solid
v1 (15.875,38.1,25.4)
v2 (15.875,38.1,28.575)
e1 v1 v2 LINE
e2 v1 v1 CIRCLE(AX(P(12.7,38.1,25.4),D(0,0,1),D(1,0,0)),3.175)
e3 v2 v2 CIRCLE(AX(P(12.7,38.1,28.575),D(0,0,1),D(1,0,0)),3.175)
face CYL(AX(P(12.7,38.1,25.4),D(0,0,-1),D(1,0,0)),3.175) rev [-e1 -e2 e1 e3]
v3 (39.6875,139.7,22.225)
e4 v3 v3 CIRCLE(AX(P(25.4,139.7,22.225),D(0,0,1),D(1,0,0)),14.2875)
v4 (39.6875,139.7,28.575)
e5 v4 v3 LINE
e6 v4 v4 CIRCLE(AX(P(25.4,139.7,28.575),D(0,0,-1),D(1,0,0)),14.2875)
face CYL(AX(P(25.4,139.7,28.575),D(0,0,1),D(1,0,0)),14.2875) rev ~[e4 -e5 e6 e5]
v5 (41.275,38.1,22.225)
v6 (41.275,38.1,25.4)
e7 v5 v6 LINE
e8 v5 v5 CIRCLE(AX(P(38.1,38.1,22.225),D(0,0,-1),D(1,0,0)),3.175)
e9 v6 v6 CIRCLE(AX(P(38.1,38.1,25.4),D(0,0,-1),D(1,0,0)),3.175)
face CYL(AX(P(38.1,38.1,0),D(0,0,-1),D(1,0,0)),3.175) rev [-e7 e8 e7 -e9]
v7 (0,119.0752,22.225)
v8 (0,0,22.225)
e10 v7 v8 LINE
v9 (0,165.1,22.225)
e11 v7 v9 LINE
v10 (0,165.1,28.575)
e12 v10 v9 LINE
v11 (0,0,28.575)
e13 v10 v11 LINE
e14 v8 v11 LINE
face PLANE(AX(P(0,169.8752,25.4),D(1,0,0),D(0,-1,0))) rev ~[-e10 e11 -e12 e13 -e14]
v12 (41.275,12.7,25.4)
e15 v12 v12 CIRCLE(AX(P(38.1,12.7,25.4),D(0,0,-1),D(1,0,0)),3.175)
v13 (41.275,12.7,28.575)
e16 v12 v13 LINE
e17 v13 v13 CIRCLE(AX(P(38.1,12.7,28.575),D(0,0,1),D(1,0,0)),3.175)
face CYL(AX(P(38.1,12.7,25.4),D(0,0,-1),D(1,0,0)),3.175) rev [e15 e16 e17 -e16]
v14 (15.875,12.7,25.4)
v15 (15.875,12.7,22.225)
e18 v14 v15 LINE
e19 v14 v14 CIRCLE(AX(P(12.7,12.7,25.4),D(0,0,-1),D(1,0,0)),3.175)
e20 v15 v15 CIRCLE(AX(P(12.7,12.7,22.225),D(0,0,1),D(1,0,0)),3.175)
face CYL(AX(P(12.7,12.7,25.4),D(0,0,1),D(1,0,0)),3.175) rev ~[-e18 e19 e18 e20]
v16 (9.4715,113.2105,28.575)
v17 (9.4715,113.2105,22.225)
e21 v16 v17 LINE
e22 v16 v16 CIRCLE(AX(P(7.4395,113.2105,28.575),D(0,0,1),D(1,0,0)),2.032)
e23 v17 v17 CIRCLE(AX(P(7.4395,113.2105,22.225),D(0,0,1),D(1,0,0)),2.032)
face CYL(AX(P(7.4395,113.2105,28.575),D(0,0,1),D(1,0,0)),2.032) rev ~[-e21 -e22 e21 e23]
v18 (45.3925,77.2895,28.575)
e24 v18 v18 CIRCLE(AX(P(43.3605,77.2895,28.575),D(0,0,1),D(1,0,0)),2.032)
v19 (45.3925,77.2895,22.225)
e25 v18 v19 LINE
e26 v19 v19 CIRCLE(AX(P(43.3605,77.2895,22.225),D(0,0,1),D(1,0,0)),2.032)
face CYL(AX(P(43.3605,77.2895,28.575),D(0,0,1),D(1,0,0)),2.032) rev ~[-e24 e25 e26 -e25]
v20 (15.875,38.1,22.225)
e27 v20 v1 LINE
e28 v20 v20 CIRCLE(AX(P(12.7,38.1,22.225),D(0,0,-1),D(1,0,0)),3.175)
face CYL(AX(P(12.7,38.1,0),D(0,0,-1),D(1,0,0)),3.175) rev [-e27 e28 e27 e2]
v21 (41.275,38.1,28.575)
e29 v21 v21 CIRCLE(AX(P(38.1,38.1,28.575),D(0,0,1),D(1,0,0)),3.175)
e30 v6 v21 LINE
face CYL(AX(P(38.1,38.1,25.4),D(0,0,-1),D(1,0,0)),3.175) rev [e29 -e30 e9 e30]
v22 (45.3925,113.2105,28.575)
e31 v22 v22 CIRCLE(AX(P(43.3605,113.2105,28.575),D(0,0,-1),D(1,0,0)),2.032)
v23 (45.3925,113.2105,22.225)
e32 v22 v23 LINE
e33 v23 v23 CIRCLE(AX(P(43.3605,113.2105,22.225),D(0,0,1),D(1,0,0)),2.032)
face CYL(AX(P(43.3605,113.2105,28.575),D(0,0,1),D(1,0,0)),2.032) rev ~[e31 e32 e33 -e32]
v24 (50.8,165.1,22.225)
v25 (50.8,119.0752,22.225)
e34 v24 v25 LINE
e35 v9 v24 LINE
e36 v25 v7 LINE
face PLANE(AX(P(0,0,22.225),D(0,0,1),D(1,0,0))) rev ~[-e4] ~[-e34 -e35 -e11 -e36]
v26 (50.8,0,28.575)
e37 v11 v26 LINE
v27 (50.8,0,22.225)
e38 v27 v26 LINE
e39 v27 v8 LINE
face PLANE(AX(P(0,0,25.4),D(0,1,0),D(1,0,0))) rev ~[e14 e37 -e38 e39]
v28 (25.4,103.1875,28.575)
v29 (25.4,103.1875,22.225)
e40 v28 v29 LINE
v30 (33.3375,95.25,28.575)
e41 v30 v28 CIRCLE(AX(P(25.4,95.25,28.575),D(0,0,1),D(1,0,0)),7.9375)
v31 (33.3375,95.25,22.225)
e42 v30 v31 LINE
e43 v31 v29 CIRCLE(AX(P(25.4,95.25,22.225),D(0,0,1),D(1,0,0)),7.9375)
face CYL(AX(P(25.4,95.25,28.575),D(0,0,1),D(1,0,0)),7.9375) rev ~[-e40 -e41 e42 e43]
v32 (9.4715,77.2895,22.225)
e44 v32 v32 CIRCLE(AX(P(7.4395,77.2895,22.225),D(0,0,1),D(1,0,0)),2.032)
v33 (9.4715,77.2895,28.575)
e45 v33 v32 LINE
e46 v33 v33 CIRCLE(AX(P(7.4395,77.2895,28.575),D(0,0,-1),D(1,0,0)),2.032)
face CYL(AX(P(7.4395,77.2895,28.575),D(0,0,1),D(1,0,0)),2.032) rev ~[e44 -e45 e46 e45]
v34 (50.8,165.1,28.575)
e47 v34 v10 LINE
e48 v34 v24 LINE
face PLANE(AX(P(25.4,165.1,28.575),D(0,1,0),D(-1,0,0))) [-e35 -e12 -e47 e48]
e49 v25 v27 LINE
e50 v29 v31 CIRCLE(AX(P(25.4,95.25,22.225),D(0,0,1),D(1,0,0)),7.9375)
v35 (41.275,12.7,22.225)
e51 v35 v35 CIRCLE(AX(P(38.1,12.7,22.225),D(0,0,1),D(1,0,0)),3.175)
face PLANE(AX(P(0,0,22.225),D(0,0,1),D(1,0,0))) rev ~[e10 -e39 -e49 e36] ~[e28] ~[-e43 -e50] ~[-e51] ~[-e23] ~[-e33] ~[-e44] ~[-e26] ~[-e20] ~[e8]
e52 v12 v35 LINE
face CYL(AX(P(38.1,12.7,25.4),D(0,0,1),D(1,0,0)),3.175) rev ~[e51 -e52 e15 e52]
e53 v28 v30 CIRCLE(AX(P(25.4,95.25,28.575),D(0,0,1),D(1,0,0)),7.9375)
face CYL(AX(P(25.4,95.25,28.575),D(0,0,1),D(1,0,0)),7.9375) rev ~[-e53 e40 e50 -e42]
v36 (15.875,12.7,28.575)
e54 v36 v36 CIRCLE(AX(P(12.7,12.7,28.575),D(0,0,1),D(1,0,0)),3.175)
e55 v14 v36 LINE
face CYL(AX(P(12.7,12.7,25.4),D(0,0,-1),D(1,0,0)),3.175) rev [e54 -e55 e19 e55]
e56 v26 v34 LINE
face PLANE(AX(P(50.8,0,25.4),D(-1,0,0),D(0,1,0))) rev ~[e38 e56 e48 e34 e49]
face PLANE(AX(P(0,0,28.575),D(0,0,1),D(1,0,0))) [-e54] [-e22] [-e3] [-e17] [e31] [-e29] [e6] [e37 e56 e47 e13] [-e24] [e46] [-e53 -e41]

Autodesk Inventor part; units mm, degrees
ref_plane "YZ Plane" through (0, 0, 0) normal (1, 0, 0) x (0, 1, 0)
ref_plane "XZ Plane" through (0, 0, 0) normal (0, 1, 0) x (-1, 0, 0)
ref_plane "XY Plane" through (0, 0, 0) normal (0, 0, 1) x (1, 0, 0)
sketch "Sketch1" plane through (0, 0, 0) normal (0, 0, 1) x (1, 0, 0)
  line L0 (0, 0) -> (50.8, 0)
  line L1 (50.8, 0) -> (50.8, 169.8752)
  line L2 (50.8, 169.8752) -> (0, 169.8752)
  line L3 (0, 169.8752) -> (0, 0)
  line L4 (25.4, 169.8752) -> (25.4, 144.4752)
  line L5 (25.4, 169.8752) -> (50.8, 169.8752) construction
  circle A0 centre (25.4, 144.4752) radius 14.2875
  line L6 (25.4, 144.4752) -> (43.3605, 162.4357)
  line L7 (25.4, 144.4752) -> (50.8, 144.4752) construction
  line L8 (7.4395, 126.5147) -> (43.3605, 126.5147)
  line L9 (43.3605, 162.4357) -> (7.4395, 162.4357)
  line L10 (7.4395, 162.4357) -> (7.4395, 126.5147)
  circle A1 centre (7.4395, 162.4357) radius 2.032
  circle A2 centre (7.4395, 126.5147) radius 2.032
  circle A3 centre (43.3605, 162.4357) radius 2.032
  circle A4 centre (43.3605, 126.5147) radius 2.032
  line L11 (0, 0) -> (50.8, 0)
  line L12 (50.8, 0) -> (50.8, 38.1)
  line L13 (0, 38.1) -> (0, 0)
  line L14 (25.4, 38.1) -> (12.7, 38.1)
  line L15 (25.4, 38.1) -> (38.1, 38.1) construction
  line L16 (12.7, 38.1) -> (38.1, 38.1)
  circle A5 centre (12.7, 38.1) radius 3.175
  circle A6 centre (38.1, 38.1) radius 3.175
  dimension "d0" = 50.8
  dimension "d1" = 169.8752
  dimension "d2" = 25.4
  dimension "d3" = 90
  dimension "d4" = 28.575
  dimension "d5" = 25.4
  dimension "d6" = 45
  dimension "d7" = 50.8
  dimension "d9" = 4.064
  dimension "d10" = 4.064
  dimension "d11" = 4.064
  dimension "d12" = 4.064
  dimension "d13" = 50.8
  dimension "d14" = 38.1
  dimension "d15" = 12.7
  dimension "d16" = 180
  dimension "d17" = 25.4
  dimension "d18" = 0
  dimension "d19" = 6.35
  dimension "d20" = 6.35
extrude "Extrusion1" add sketch "Sketch1" along normal blind 25.4 contours L9 A3 L6 A0 L4 | L3 L2 L1 L0
sketch "Sketch2" plane through (0, 169.8752, 0) normal (0, 1, 0) x (1, 0, 0)
  line L0 (0, 0) -> (3.175, 0)
  line L1 (3.175, 0) -> (3.175, -3.175)
  line L2 (3.175, -3.175) -> (0, -3.175)
  line L3 (0, -3.175) -> (0, 0)
  line L4 (3.175, -3.175) -> (47.625, -3.175)
  line L5 (47.625, -3.175) -> (47.625, -22.225)
  line L6 (47.625, -22.225) -> (3.175, -22.225)
  line L7 (3.175, -22.225) -> (3.175, -3.175)
  dimension "d23" = 3.175
  dimension "d24" = 3.175
  dimension "d25" = 44.45
  dimension "d26" = 19.05
extrude "Extrusion2" cut sketch "Sketch2" against normal blind 254 contours L4 L5 L6 L7
sketch "Sketch3" plane through (0, 0, 25.4) normal (0, 0, 1) x (1, 0, 0)
  circle A0 centre (12.7, 38.1) radius 3.175 projected
  line L0 (12.7, 38.1) -> (38.1, 38.1)
  line L1 (38.1, 38.1) -> (38.1, 12.7)
  line L2 (38.1, 12.7) -> (12.7, 12.7)
  line L3 (12.7, 12.7) -> (12.7, 38.1)
  circle A1 centre (12.7, 12.7) radius 3.175
  circle A2 centre (38.1, 12.7) radius 3.175
  dimension "d29" = 25.4
  dimension "d30" = 25.4
  dimension "d31" = 6.35
  dimension "d32" = 6.35
extrude "Extrusion3" cut sketch "Sketch3" against normal blind 25.4 contours A1 L2 L3 | L3 L2 A1 | A2 L2 L1 | L1 L2 A2
sketch "Sketch4" plane through (0, 169.8752, 0) normal (0, 1, 0) x (1, 0, 0)
  line L0 (47.625, -22.225) -> (3.175, -22.225) projected
  line L1 (3.175, -22.225) -> (3.175, -3.175) projected
  line L2 (3.175, -3.175) -> (47.625, -3.175) projected
  line L3 (47.625, -3.175) -> (47.625, -22.225) projected
  line L4 (50.8, 0) -> (50.8, -25.4) projected
  line L5 (0, 0) -> (50.8, 0)
  line L6 (50.8, 0) -> (50.8, -22.225)
  line L7 (50.8, -22.225) -> (0, -22.225)
  line L8 (0, -22.225) -> (0, 0)
extrude "Extrusion4" cut sketch "Sketch4" against normal blind 254 contours L3 L2 L1 L7 L8 L5 L4
sketch "Sketch5" plane through (0, 0, 25.4) normal (0, 0, 1) x (1, 0, 0)
  circle A0 centre (38.1, 12.7) radius 3.175 projected
  circle A1 centre (12.7, 12.7) radius 3.175 projected
  circle A2 centre (25.4, 144.4752) radius 14.2875 projected
  circle A3 centre (38.1, 38.1) radius 3.175 projected
  circle A4 centre (12.7, 38.1) radius 3.175 projected
  circle A5 centre (43.3605, 126.5147) radius 2.032 projected
  circle A6 centre (43.3605, 162.4357) radius 2.032 projected
  circle A7 centre (7.4395, 126.5147) radius 2.032 projected
  circle A8 centre (7.4395, 162.4357) radius 2.032 projected
  line L0 (0, 0) -> (50.8, 0) projected
  line L1 (50.8, 0) -> (50.8, 169.8752) projected
  line L2 (50.8, 169.8752) -> (0, 169.8752) projected
  line L3 (0, 169.8752) -> (0, 0) projected
extrude "Extrusion5" add sketch "Sketch5" along normal blind 3.175
sketch "Sketch6" plane through (0, 0, 28.575) normal (0, 0, 1) x (1, 0, 0)
  circle A0 centre (25.4, 144.4752) radius 14.2875 projected
  circle A1 centre (25.4, 144.4752) radius 9.525
  dimension "d39" = 19.05
extrude "Extrusion6" add sketch "Sketch6" against normal blind 6.35
sketch "Sketch7" plane through (0, 0, 28.575) normal (0, 0, 1) x (1, 0, 0)
  line L0 (50.8, 169.8752) -> (0, 169.8752) projected
  line L1 (0, 169.8752) -> (0, 0) projected
  line L2 (25.4, 169.8752) -> (25.4, 95.25)
  line L3 (25.4, 169.8752) -> (100.0252, 169.8752) construction
  circle A0 centre (25.4, 95.25) radius 7.9375
  dimension "d43" = 74.6252
  dimension "d44" = 90
  dimension "d45" = 15.875
extrude "Extrusion7" cut sketch "Sketch7" against normal blind 25.4
sketch "Sketch8" plane through (0, 0, 28.575) normal (0, 0, 1) x (1, 0, 0)
  circle A0 centre (25.4, 144.4752) radius 9.525 projected
  circle A1 centre (25.4, 144.4752) radius 14.2875
  dimension "d48" = 28.575
extrude "Extrusion8" cut sketch "Sketch8" against normal blind 25.4
sketch "Sketch9" plane through (0, 0, 28.575) normal (0, 0, 1) x (1, 0, 0)
  circle A0 centre (25.4, 95.25) radius 7.9375 projected
  circle A1 centre (7.4395, 162.4357) radius 2.032 projected
  circle A2 centre (7.4395, 126.5147) radius 2.032 projected
  circle A3 centre (43.3605, 162.4357) radius 2.032 projected
  circle A4 centre (43.3605, 126.5147) radius 2.032 projected
  line L0 (25.4, 95.25) -> (43.3605, 113.2105)
  line L1 (25.4, 95.25) -> (50.8, 95.25) construction
  line L2 (43.3605, 113.2105) -> (7.4395, 77.2895)
  circle A5 centre (7.4395, 113.2105) radius 2.032
  circle A6 centre (43.3605, 113.2105) radius 2.032
  circle A7 centre (43.3605, 77.2895) radius 2.032
  circle A8 centre (7.4395, 77.2895) radius 2.032
  dimension "d51" = 25.4
  dimension "d52" = 45
  dimension "d53" = 50.8
  dimension "d54" = 0
  dimension "d55" = 4.064
  dimension "d56" = 4.064
  dimension "d57" = 4.064
  dimension "d58" = 4.064
extrude "Extrusion9" cut sketch "Sketch9" against normal blind 6.35 contours A8 | A6 | A1 | A2 | A3 | A4 | A5 | A7
sketch "Sketch10" plane through (0, 0, 28.575) normal (0, 0, 1) x (1, 0, 0)
  circle A0 centre (7.4395, 162.4357) radius 2.032 projected
  circle A1 centre (7.4395, 126.5147) radius 2.032 projected
  circle A2 centre (43.3605, 162.4357) radius 2.032 projected
  circle A3 centre (43.3605, 126.5147) radius 2.032 projected
extrude "Extrusion10" add sketch "Sketch10" against normal blind 6.35
sketch "Sketch11" plane through (0, 0, 28.575) normal (0, 0, 1) x (1, 0, 0)
  circle A0 centre (25.4, 144.4752) radius 14.2875 projected
  line L0 (0, 169.8752) -> (50.8, 169.8752)
  line L1 (50.8, 169.8752) -> (50.8, 119.0752)
  line L2 (50.8, 119.0752) -> (0, 119.0752)
  line L3 (0, 119.0752) -> (0, 169.8752)
  dimension "d64" = 50.8
  dimension "d65" = 50.8
extrude "Extrusion11" cut sketch "Sketch11" against normal blind 25.4
sketch "Sketch12" plane through (0, 0, 28.575) normal (0, 0, 1) x (1, 0, 0)
  line L0 (50.8, 0) -> (50.8, 119.0752) projected
  circle A0 centre (25.4, 95.25) radius 7.9375 projected
  line L1 (25.4, 95.25) -> (25.4, 139.7)
  line L2 (25.4, 95.25) -> (69.85, 95.25) construction
  circle A1 centre (25.4, 139.7) radius 14.2875
  line L3 (25.4, 139.7) -> (25.4, 165.1)
  line L4 (25.4, 139.7) -> (50.8, 139.7) construction
  line L5 (25.4, 165.1) -> (0, 165.1)
  line L6 (0, 165.1) -> (50.8, 165.1)
  line L7 (50.8, 165.1) -> (50.8, 119.0752)
  line L8 (50.8, 119.0752) -> (0, 119.0752)
  line L9 (0, 119.0752) -> (0, 165.1)
  dimension "d68" = 44.45
  dimension "d69" = 90
  dimension "d70" = 28.575
  dimension "d71" = 25.4
  dimension "d72" = 90
  dimension "d73" = 25.4
  dimension "d74" = 90
extrude "Extrusion12" add sketch "Sketch12" against normal blind 6.35 contours L8 L9 L5 L3 A1 L1 | L1 A1 L3 L6 L7 L8
properties part number "Z-Plate-Gears"
